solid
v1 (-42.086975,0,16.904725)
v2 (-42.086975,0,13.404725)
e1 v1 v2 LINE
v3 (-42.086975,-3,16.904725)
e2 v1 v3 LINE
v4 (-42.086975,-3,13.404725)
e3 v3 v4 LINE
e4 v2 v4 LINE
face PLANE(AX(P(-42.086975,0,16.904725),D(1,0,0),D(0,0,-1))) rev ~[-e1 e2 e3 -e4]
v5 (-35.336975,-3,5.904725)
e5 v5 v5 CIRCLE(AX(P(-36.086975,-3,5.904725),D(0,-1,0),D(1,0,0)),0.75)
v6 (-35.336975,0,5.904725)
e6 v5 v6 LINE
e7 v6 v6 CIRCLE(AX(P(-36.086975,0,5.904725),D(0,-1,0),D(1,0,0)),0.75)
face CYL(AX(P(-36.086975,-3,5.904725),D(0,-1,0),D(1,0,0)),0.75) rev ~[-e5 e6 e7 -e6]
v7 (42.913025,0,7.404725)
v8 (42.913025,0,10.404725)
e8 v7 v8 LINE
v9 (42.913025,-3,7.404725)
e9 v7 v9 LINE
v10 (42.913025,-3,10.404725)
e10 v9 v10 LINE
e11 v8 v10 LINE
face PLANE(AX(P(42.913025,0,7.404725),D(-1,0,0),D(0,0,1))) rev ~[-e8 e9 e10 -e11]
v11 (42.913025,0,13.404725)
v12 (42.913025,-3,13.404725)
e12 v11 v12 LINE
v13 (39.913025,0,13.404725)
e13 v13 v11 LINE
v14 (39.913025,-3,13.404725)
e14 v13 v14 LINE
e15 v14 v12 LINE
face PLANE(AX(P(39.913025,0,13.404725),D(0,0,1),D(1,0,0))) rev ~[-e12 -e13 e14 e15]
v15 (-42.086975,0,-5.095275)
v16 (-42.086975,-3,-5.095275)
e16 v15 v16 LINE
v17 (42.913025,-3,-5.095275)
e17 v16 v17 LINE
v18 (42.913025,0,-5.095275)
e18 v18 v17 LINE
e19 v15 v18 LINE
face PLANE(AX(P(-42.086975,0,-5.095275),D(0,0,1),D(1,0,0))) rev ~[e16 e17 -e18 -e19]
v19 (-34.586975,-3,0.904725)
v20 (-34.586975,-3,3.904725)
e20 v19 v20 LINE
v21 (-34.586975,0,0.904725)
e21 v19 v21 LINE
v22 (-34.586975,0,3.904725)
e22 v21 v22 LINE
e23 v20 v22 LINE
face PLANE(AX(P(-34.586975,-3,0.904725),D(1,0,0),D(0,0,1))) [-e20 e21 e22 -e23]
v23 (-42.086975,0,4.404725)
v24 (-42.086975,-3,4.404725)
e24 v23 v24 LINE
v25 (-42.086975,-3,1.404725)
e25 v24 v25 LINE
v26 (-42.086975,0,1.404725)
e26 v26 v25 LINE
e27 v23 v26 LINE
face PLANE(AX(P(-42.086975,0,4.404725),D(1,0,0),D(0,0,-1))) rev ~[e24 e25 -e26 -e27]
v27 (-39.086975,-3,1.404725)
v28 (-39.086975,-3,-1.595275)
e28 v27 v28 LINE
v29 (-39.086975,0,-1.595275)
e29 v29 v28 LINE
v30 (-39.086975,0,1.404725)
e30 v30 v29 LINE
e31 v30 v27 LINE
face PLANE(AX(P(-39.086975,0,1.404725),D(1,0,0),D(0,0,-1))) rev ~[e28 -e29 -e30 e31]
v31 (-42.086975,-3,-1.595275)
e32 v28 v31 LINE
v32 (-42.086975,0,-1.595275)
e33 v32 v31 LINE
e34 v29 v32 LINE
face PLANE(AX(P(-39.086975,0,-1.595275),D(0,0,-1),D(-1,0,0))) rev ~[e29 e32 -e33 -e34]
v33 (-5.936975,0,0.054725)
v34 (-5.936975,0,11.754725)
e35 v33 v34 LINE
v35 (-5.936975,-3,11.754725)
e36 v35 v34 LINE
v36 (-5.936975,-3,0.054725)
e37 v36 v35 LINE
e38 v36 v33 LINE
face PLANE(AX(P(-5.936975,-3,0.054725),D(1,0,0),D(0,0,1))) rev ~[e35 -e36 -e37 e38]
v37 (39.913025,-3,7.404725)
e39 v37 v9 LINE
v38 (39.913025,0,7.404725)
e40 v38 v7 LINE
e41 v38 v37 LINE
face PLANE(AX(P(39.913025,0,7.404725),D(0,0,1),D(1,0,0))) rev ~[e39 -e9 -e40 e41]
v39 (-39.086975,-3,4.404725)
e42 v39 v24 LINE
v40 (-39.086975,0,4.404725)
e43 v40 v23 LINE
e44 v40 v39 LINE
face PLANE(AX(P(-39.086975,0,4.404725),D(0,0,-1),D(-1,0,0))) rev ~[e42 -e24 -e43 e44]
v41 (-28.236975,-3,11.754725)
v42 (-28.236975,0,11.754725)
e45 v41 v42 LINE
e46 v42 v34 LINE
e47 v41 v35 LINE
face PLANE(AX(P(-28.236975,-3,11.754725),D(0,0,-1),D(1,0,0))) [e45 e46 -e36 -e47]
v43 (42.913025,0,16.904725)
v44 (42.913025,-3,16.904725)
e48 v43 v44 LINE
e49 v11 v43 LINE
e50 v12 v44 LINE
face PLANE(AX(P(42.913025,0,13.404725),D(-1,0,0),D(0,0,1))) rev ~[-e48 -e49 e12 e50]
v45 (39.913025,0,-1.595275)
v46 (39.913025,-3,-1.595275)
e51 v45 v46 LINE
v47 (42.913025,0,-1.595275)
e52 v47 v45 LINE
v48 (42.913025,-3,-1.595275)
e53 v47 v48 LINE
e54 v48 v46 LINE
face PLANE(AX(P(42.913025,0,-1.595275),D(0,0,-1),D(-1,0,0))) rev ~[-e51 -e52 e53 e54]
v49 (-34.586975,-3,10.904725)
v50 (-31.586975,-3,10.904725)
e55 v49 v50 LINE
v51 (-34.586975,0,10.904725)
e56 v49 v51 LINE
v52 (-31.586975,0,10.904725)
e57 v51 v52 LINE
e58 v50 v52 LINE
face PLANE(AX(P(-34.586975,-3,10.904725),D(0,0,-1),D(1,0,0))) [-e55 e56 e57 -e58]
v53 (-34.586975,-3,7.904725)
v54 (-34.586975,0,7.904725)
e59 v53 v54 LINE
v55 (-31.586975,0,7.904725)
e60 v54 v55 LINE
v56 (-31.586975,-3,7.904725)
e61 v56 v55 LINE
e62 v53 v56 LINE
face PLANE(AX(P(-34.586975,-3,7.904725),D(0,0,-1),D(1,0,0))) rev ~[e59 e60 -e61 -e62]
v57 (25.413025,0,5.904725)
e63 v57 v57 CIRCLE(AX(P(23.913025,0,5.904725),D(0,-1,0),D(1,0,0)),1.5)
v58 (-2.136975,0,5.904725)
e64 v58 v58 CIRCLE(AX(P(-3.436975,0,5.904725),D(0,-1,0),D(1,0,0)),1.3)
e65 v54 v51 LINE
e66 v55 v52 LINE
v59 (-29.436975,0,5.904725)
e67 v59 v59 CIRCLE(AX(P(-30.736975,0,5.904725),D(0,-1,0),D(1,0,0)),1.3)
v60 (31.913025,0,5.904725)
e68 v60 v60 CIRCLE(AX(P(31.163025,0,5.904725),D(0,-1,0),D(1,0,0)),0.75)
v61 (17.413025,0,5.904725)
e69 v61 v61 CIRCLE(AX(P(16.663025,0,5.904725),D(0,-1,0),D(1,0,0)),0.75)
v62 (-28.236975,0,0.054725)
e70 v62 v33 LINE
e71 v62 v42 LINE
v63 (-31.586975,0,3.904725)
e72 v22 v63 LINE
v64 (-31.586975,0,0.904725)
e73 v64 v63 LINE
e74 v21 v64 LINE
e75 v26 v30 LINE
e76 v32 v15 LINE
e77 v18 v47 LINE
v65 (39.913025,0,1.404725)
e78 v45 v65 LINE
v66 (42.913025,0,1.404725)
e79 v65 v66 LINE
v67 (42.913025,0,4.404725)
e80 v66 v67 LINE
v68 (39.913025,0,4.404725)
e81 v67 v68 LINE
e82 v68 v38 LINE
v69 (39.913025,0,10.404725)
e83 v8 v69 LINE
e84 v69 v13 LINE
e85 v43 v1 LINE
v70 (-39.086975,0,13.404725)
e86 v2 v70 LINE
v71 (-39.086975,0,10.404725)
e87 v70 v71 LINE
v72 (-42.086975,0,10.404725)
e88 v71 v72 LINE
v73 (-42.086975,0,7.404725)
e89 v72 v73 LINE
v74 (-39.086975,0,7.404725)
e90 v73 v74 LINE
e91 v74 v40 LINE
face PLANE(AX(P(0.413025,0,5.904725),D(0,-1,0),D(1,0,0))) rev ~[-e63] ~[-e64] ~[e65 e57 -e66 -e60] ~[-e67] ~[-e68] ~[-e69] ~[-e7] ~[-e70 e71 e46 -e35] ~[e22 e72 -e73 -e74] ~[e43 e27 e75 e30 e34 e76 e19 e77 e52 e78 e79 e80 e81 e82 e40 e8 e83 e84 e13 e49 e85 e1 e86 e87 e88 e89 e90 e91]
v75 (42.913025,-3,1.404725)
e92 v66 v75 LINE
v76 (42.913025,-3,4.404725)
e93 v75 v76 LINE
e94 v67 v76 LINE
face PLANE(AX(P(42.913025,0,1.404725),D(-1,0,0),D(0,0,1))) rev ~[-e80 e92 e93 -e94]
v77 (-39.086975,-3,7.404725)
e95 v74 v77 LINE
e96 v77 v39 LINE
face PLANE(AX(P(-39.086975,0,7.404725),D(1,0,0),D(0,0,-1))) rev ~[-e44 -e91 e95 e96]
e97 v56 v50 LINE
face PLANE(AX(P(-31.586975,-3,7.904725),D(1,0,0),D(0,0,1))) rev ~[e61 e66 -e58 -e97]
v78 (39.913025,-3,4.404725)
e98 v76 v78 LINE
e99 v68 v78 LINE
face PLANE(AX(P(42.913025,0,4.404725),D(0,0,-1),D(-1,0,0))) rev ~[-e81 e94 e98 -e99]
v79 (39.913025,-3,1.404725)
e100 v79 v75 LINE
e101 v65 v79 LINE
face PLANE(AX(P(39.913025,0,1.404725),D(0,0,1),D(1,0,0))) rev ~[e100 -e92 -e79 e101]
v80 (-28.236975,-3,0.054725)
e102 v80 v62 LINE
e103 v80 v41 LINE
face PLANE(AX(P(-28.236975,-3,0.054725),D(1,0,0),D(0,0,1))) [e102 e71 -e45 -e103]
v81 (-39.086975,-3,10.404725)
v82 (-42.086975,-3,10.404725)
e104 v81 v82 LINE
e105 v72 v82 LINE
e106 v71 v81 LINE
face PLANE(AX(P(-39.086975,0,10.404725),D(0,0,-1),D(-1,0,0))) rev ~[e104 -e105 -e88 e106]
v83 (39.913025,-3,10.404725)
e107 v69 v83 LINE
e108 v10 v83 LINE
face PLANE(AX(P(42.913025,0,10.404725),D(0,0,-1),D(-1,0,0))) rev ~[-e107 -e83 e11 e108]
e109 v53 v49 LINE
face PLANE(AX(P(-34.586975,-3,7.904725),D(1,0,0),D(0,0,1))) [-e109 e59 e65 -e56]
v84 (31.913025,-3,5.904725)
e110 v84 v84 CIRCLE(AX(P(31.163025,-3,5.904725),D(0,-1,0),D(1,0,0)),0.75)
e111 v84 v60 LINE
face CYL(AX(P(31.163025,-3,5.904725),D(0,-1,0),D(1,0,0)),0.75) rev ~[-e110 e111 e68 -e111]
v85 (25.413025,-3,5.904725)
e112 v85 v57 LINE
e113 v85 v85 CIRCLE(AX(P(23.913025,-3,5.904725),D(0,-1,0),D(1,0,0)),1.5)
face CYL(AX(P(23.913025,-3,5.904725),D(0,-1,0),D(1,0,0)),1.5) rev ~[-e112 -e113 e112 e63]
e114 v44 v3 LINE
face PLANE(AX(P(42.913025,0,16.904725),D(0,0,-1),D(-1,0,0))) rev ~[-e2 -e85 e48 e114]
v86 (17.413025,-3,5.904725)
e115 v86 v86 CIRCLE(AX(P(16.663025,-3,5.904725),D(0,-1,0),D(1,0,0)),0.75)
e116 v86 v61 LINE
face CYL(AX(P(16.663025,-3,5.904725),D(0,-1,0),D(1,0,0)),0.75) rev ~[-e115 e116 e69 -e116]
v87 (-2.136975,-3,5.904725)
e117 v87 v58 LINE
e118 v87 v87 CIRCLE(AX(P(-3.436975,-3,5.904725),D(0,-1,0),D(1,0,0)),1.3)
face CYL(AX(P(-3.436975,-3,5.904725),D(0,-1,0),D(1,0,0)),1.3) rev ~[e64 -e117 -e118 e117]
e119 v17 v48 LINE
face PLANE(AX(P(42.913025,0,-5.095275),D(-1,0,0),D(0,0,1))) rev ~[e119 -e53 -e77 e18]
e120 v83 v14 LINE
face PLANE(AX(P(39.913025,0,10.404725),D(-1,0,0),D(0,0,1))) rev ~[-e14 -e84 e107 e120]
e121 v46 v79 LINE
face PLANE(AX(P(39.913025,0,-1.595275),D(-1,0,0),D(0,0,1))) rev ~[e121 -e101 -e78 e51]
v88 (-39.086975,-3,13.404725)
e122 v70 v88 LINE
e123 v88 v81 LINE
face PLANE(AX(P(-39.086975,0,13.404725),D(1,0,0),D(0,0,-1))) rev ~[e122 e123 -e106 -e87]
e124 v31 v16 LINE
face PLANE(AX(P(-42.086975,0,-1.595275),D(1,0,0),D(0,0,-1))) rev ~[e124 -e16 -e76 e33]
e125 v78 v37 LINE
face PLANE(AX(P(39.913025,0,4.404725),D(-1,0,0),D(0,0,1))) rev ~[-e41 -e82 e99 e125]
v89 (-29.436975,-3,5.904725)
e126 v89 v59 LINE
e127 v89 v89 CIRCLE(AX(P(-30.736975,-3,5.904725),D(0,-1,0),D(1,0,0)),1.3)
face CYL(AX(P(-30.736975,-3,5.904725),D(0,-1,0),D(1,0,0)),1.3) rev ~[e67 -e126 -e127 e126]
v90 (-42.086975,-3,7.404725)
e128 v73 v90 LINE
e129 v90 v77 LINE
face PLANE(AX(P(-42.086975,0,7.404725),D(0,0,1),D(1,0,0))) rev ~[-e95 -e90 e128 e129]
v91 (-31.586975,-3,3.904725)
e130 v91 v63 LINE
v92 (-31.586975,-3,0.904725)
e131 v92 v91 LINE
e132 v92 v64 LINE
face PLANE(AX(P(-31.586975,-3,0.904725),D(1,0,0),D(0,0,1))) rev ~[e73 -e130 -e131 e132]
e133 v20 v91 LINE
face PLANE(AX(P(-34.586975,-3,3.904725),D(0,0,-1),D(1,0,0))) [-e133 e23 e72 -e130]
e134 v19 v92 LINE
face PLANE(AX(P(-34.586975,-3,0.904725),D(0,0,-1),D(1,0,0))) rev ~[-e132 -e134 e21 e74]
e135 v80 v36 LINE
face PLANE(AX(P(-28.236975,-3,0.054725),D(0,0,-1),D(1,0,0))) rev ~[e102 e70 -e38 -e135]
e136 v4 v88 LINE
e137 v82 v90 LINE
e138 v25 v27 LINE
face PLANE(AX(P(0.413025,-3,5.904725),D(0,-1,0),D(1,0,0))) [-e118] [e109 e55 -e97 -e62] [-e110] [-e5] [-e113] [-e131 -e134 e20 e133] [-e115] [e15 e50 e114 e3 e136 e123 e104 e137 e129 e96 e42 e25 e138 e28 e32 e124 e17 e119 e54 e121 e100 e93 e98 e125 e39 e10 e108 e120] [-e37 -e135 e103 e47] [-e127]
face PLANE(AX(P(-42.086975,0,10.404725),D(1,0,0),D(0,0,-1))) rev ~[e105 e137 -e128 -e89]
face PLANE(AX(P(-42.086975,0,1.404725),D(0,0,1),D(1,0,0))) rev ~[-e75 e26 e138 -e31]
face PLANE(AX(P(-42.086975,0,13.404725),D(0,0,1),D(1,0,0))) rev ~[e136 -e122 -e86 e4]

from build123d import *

# Parameters (mm, degrees)
F1_DEPTH = 3
F2_W     = 22.3
F2_H     = 11.7
F2_R     = 1.5
F2_R_2   = 0.75
F2_R_3   = 1.3
F2_W_2   = 3
F2_H_2   = 3
F3_DEPTH = 25


with BuildPart() as f1:
    # F0 (on Front) → F1 (new body)
    with BuildSketch(Plane.XZ):
        Polygon((42.913025, 16.904725), (-42.086975, 16.904725), (-42.086975, 13.404725), (-39.086975, 13.404725), (-39.086975, 10.404725), (-42.086975, 10.404725), (-42.086975, 7.404725), (-39.086975, 7.404725), (-39.086975, 4.404725), (-42.086975, 4.404725), (-42.086975, 1.404725), (-39.086975, 1.404725), (-39.086975, -1.595275), (-42.086975, -1.595275), (-42.086975, -5.095275), (42.913025, -5.095275), (42.913025, -1.595275), (39.913025, -1.595275), (39.913025, 1.404725), (42.913025, 1.404725), (42.913025, 4.404725), (39.913025, 4.404725), (39.913025, 7.404725), (42.913025, 7.404725), (42.913025, 10.404725), (39.913025, 10.404725), (39.913025, 13.404725), (42.913025, 13.404725), align=None)
    extrude(amount=F1_DEPTH)

    # F2 (on face) → F3 (cut)
    with BuildSketch(Plane.XZ.offset(3)):
        with Locations((-17.086975, 5.904725)):
            Rectangle(F2_W, F2_H)
        with Locations((23.913025, 5.904725)):
            Circle(F2_R)
        with Locations((16.663025, 5.904725)):
            Circle(F2_R_2)
        with Locations((31.163025, 5.904725)):
            Circle(F2_R_2)
        with Locations((-3.436975, 5.904725)):
            Circle(F2_R_3)
        with Locations((-30.736975, 5.904725)):
            Circle(F2_R_3)
        with Locations((-36.086975, 5.904725)):
            Circle(F2_R_2)
        with Locations((-33.086975, 2.404725)):
            Rectangle(F2_W_2, F2_H_2)
        with Locations((-33.086975, 9.404725)):
            Rectangle(F2_W_2, F2_H_2)
    extrude(amount=-F3_DEPTH, mode=Mode.SUBTRACT)


solid = f1.part
